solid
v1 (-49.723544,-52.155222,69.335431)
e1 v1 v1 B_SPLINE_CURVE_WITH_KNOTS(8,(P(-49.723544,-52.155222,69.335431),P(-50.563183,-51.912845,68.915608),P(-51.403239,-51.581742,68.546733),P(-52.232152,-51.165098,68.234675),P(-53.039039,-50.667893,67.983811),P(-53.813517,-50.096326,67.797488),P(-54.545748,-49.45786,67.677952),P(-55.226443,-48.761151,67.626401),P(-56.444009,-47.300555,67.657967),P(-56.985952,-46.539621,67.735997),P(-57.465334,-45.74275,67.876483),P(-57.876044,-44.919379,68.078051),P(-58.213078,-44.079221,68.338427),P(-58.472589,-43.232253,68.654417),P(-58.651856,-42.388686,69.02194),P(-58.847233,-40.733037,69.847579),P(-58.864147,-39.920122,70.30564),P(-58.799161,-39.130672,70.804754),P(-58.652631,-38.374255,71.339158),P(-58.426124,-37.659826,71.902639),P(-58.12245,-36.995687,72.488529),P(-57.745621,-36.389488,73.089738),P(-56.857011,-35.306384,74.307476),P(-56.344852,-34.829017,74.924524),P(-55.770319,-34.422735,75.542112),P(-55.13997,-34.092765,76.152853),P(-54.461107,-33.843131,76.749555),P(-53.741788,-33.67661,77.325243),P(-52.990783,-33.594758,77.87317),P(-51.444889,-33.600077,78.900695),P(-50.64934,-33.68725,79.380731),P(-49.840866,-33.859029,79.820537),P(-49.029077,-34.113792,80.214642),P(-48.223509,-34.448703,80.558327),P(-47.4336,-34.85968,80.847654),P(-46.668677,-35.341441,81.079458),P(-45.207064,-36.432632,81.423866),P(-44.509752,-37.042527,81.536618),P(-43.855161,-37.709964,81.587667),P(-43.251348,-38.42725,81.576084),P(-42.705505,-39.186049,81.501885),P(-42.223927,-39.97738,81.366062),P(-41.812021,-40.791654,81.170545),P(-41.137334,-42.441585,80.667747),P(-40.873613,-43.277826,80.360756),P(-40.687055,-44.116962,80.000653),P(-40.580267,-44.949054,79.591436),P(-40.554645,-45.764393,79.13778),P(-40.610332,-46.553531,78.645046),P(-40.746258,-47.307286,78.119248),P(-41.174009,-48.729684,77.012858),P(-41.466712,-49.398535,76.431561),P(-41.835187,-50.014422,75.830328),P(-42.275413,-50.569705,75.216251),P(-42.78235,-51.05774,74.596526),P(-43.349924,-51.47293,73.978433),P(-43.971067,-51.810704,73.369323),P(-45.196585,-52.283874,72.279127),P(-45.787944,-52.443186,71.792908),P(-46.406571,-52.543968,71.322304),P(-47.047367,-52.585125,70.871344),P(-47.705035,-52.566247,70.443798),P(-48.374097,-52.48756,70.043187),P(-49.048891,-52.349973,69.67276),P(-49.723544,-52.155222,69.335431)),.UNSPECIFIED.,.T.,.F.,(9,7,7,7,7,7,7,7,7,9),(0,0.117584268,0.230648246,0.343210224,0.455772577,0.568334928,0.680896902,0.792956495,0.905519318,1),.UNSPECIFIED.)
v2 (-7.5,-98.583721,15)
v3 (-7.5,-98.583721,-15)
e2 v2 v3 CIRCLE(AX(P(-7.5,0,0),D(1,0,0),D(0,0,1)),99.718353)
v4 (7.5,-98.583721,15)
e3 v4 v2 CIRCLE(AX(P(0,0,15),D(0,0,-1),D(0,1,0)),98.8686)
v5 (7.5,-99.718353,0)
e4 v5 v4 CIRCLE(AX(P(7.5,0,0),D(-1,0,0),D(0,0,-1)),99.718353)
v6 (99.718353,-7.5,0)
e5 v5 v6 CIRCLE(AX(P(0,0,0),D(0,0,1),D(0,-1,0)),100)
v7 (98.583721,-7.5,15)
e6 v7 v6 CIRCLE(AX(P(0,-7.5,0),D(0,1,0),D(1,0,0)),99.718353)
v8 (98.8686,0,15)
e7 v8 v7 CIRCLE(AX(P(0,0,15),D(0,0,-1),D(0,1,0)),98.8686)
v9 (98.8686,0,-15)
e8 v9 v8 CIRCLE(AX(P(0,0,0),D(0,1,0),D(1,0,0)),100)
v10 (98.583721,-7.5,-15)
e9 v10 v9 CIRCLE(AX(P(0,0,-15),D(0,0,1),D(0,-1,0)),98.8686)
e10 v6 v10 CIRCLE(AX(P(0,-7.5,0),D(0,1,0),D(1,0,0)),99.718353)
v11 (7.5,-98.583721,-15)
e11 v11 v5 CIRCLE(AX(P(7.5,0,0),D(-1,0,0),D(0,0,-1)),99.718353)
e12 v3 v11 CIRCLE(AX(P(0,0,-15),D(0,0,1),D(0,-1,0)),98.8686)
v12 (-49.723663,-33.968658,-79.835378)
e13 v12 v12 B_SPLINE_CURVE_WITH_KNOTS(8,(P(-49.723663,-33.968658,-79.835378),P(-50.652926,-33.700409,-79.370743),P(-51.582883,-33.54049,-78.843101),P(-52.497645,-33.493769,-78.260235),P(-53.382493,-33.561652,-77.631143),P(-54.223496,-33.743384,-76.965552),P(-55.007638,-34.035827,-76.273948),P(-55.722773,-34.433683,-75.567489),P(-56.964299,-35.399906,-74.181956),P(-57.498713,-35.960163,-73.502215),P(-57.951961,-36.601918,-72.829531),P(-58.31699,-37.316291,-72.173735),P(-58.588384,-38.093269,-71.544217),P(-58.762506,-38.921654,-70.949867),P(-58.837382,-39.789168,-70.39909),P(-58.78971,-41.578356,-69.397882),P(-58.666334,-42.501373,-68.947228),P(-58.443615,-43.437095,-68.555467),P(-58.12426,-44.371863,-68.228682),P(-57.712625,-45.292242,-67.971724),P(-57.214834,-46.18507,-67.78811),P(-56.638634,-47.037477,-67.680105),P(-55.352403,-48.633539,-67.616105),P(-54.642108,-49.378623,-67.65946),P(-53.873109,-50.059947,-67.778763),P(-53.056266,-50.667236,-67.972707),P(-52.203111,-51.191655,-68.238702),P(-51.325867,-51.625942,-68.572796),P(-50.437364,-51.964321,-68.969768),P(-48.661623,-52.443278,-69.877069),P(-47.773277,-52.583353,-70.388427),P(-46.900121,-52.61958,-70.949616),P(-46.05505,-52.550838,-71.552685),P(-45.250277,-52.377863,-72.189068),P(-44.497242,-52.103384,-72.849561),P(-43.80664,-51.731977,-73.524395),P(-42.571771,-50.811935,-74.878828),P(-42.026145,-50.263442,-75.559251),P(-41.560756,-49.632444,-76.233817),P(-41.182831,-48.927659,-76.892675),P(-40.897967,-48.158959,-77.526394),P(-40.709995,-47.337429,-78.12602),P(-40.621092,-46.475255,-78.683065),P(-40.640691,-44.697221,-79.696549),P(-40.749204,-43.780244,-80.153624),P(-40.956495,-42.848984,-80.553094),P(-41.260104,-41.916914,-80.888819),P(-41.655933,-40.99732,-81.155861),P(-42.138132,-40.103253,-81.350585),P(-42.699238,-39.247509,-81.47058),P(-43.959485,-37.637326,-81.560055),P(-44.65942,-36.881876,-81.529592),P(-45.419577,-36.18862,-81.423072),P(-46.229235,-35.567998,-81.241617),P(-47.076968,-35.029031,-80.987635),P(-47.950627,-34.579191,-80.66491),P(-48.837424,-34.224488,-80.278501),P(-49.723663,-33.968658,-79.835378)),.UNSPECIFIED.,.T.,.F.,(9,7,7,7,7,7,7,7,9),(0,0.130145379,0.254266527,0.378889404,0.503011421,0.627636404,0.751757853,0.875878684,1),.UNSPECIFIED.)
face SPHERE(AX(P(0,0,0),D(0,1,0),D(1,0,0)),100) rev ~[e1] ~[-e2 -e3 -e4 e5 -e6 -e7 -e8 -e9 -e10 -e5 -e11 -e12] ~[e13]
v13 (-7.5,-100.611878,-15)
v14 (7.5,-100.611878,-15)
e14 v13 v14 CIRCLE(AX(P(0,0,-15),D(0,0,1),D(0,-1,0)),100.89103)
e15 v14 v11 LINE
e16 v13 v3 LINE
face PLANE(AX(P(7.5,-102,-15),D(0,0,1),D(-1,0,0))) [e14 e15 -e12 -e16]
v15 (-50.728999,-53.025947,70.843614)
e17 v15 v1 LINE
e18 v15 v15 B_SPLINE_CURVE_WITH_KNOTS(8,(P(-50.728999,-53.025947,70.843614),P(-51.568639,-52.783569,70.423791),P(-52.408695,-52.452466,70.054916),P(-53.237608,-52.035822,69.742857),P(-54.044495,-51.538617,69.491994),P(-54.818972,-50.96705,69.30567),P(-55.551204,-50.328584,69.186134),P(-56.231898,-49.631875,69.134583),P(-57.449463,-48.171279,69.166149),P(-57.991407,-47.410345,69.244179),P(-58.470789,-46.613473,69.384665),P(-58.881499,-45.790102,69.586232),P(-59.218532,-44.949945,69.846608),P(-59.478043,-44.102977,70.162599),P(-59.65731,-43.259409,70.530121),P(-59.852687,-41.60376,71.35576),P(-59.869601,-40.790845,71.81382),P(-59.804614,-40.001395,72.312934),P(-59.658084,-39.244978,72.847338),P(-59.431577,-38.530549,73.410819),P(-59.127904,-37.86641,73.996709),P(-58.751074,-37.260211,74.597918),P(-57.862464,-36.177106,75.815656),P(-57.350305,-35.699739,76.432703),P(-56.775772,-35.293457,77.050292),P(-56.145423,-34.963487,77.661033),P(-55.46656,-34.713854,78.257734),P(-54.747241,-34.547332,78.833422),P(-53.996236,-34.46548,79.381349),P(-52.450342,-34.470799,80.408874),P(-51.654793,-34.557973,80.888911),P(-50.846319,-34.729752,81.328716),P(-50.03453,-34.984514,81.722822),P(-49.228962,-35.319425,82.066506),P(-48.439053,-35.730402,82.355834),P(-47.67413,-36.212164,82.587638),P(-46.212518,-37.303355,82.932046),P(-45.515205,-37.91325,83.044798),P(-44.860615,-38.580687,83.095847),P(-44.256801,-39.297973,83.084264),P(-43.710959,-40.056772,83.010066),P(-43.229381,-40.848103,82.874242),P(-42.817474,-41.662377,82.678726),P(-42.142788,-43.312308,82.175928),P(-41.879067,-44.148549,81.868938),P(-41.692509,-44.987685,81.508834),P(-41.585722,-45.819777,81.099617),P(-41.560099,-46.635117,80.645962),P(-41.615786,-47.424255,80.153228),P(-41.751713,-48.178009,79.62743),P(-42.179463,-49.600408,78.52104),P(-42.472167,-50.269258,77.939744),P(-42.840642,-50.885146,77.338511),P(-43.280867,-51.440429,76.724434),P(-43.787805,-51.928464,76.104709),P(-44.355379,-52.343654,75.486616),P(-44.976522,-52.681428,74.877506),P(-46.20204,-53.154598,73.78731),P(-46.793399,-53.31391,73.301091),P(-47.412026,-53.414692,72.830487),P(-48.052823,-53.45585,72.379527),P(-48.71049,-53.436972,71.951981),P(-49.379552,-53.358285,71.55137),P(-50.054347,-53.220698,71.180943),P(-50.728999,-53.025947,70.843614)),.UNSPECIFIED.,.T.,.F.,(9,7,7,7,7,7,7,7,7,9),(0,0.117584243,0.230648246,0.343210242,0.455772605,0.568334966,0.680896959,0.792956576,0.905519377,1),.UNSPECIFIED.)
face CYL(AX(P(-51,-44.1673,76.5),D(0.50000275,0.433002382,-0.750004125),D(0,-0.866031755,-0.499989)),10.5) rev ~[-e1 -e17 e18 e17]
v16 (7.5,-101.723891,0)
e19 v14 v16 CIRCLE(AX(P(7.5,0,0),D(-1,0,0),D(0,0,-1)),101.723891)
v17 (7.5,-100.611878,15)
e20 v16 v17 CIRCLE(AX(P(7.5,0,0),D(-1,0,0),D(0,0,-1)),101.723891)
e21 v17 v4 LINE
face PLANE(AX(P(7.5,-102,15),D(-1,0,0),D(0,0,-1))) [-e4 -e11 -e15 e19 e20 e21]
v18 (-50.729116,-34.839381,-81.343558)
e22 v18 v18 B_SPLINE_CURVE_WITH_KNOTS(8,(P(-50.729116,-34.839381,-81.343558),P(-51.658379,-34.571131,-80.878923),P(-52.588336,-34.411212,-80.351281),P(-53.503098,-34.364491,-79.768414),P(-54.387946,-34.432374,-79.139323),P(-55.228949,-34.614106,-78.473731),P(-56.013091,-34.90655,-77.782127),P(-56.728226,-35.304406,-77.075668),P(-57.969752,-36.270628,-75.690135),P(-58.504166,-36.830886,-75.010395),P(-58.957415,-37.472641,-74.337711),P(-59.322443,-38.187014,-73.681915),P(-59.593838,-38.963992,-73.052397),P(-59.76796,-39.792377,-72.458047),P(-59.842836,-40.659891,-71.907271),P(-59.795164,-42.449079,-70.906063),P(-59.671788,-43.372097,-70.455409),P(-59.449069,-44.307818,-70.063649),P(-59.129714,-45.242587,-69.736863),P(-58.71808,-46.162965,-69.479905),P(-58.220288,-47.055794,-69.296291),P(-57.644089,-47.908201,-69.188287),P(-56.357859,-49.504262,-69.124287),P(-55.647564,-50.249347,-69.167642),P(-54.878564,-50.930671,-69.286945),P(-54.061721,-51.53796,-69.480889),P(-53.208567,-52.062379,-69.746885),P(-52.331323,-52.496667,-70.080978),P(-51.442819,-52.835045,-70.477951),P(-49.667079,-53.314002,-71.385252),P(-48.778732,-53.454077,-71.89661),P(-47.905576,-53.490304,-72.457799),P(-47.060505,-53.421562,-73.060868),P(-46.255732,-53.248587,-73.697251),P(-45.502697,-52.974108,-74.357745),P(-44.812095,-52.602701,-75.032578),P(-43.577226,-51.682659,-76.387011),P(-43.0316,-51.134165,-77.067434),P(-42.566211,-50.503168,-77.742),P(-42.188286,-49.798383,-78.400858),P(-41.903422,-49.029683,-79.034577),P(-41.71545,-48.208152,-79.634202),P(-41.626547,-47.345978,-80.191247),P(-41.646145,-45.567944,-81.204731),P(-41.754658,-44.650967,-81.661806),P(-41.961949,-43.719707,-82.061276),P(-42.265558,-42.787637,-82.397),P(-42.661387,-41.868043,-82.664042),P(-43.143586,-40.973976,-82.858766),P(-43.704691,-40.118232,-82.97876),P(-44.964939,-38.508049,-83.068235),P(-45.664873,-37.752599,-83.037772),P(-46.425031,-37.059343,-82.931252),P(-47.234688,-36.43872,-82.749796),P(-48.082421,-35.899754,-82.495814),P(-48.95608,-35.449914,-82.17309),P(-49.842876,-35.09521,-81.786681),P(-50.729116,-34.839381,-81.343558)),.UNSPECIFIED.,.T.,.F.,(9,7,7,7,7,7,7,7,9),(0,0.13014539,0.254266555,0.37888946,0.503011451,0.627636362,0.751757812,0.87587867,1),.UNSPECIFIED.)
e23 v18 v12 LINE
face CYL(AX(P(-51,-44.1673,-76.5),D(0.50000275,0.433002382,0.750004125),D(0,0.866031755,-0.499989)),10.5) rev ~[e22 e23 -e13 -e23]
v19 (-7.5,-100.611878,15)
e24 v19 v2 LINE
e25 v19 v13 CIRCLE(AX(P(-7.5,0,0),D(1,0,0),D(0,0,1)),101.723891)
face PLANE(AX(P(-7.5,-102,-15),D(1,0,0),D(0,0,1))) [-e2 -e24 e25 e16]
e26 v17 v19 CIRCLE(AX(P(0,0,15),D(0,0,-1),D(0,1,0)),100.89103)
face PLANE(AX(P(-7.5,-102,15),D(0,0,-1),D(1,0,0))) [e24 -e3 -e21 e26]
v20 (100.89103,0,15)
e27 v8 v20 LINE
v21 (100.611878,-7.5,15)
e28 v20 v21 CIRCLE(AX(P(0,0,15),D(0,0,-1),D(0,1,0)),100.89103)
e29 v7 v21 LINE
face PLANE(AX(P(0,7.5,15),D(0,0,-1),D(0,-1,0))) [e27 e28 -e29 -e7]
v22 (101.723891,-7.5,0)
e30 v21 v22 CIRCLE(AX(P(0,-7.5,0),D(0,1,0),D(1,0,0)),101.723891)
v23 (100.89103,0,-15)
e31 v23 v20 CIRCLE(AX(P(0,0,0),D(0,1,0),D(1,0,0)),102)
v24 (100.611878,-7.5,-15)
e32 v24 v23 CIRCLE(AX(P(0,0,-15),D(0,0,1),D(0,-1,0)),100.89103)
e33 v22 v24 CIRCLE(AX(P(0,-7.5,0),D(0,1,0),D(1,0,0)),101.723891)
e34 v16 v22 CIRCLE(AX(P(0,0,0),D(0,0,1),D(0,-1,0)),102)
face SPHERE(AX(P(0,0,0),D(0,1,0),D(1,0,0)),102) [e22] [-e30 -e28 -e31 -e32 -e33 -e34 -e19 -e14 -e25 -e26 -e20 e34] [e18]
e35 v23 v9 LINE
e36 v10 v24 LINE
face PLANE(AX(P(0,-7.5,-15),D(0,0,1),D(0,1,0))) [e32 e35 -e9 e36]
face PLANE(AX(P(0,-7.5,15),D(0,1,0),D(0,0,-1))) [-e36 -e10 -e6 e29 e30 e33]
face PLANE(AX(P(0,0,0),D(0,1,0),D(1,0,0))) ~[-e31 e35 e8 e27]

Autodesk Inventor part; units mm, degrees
ref_plane "YZ Plane" through (0, 0, 0) normal (1, 0, 0) x (0, 1, 0)
ref_plane "XZ Plane" through (0, 0, 0) normal (0, 1, 0) x (-1, 0, 0)
sketch "Skizze2" plane through (0, 0, 0) normal (0, 0, 1) x (1, 0, 0)
  line L0 (100, 0) -> (102, 0)
  arc A0 (0, -102) -> (102, 0) centre (0, 0) ccw
  line L1 (0, -102) -> (0, -100)
  arc A1 (0, -100) -> (100, 0) centre (0, 0) ccw
  point P0 (0, 0)
  point P1 (0, -101)
  point P2 (101, 0)
  dimension "d0" = 2
  dimension "d1" = 2
  dimension "d3" = 100
  dimension "d4" = 100
revolve "Umdrehung1" add sketch "Skizze2" angle 360 about axis through (0, -102, 0) along (0, 1, 0)
ref_plane "Arbeitsebene1" through (0, -102, 0) normal (0, 1, 0) x (-1, 0, 0)
sketch "Skizze3" plane through (0, -102, 0) normal (0, 1, 0) x (-1, 0, 0)
  line L0 (7.5, 15) -> (-7.5, 15)
  line L1 (-7.5, 15) -> (-7.5, -15)
  line L2 (-7.5, -15) -> (7.5, -15)
  line L3 (7.5, -15) -> (7.5, 15)
  point P0 (0, 0)
  point P1 (7.5, 0)
  point P2 (0, 15)
  dimension "d6" = 15
  dimension "d7" = 30
extrude "Extrusion1" cut sketch "Skizze3" along normal through all both and the other way through all
sketch "Skizze4" plane through (0, 0, 0) normal (1, 0, 0) x (0, 1, 0)
  line L0 (7.5, 15) -> (-7.5, 15)
  line L1 (-7.5, 15) -> (-7.5, -15)
  line L2 (-7.5, -15) -> (7.5, -15)
  line L3 (7.5, -15) -> (7.5, 15)
  point P0 (0, 0)
  point P1 (0, 0)
  point P2 (7.5, 0)
  point P3 (0, 15)
  point P4 (-7.5, 0)
  dimension "d10" = 15
  dimension "d11" = 30
extrude "Extrusion2" cut sketch "Skizze4" along normal through all
sketch "Skizze6" plane through (0, 0, 0) normal (0, 1, 0) x (1, 0, 0)
  line L0 (0, 0) -> (-94.1178, 163.0168) construction
  line L1 (0, 0) -> (188.2356, 0) construction
  line L2 (0, 0) -> (-95.3588, -165.1662) construction
  line L3 (0, 0) -> (190.7175, 0) construction
  arc A0 (100.891, 15) -> (100.891, -15) centre (0, 0) ccw construction
  point P0 (-51, -88.3346)
  point P1 (-51, 88.3346)
  dimension "d16" = 120
  dimension "d17" = 120
ref_plane "Arbeitsebene7" through (-51, 0, -88.3346) normal (1, 0, 0) x (0, 1, 0)
sketch "Skizze14" plane through (-51, 0, -88.3346) normal (1, 0, 0) x (0, 1, 0)
  circle A0 centre (0, 88.3346) radius 88.3346 construction
  line L0 (0, 88.3346) -> (-48.5836, 172.4838) construction
  line L1 (0, 188.3346) -> (0, -11.6654) construction
  line L2 (0, 88.3346) -> (-62.5691, -20.0382) construction
  point P0 (0, 103.3346)
  point P1 (0, 73.3346)
  point P2 (-44.1673, 164.8346)
  point P3 (-44.1673, 11.8346)
  dimension "d38" = 176.6692
  dimension "d39" = 30
  dimension "d40" = 30
sketch "Skizze16" plane through (0, 0, 0) normal (0, 1, 0) x (1, 0, 0)
  circle A0 centre (0, 0) radius 102 construction
  arc A1 (100.891, 15) -> (100.891, -15) centre (0, 0) ccw construction
  arc A2 (100.6119, -15) -> (100.6119, 15) centre (0, 0) ccw construction
  point P0 (101.7239, 0)
  dimension "d37" = 204
ref_plane "Arbeitsebene8" through (-51, -44.1673, -76.5) normal (-0.5, -0.433, -0.75) x (0.6547, -0.7559, 0)
ref_plane "Arbeitsebene9" through (-51, -44.1673, 76.5) normal (-0.5, -0.433, 0.75) x (0.6547, -0.7559, 0)
sketch "Skizze17" plane through (-51, -44.1673, -76.5) normal (-0.5, -0.433, -0.75) x (0.6547, -0.7559, 0)
  point P0 (0, 0)
  point P1 (0, 0)
hole "Bohrung3" at (-51, -44.1673, -76.5) direction (0.5, 0.433, 0.75) diameter 21 depth 8 tip angle 118
sketch "Skizze18" plane through (-51, -44.1673, 76.5) normal (-0.5, -0.433, 0.75) x (0.6547, -0.7559, 0)
  point P0 (0, 0)
  point P1 (0, 0)
hole "Bohrung4" at (-51, -44.1673, 76.5) direction (0.5, 0.433, -0.75) diameter 21 depth 8 tip angle 118
properties part number "Schale_V1"
